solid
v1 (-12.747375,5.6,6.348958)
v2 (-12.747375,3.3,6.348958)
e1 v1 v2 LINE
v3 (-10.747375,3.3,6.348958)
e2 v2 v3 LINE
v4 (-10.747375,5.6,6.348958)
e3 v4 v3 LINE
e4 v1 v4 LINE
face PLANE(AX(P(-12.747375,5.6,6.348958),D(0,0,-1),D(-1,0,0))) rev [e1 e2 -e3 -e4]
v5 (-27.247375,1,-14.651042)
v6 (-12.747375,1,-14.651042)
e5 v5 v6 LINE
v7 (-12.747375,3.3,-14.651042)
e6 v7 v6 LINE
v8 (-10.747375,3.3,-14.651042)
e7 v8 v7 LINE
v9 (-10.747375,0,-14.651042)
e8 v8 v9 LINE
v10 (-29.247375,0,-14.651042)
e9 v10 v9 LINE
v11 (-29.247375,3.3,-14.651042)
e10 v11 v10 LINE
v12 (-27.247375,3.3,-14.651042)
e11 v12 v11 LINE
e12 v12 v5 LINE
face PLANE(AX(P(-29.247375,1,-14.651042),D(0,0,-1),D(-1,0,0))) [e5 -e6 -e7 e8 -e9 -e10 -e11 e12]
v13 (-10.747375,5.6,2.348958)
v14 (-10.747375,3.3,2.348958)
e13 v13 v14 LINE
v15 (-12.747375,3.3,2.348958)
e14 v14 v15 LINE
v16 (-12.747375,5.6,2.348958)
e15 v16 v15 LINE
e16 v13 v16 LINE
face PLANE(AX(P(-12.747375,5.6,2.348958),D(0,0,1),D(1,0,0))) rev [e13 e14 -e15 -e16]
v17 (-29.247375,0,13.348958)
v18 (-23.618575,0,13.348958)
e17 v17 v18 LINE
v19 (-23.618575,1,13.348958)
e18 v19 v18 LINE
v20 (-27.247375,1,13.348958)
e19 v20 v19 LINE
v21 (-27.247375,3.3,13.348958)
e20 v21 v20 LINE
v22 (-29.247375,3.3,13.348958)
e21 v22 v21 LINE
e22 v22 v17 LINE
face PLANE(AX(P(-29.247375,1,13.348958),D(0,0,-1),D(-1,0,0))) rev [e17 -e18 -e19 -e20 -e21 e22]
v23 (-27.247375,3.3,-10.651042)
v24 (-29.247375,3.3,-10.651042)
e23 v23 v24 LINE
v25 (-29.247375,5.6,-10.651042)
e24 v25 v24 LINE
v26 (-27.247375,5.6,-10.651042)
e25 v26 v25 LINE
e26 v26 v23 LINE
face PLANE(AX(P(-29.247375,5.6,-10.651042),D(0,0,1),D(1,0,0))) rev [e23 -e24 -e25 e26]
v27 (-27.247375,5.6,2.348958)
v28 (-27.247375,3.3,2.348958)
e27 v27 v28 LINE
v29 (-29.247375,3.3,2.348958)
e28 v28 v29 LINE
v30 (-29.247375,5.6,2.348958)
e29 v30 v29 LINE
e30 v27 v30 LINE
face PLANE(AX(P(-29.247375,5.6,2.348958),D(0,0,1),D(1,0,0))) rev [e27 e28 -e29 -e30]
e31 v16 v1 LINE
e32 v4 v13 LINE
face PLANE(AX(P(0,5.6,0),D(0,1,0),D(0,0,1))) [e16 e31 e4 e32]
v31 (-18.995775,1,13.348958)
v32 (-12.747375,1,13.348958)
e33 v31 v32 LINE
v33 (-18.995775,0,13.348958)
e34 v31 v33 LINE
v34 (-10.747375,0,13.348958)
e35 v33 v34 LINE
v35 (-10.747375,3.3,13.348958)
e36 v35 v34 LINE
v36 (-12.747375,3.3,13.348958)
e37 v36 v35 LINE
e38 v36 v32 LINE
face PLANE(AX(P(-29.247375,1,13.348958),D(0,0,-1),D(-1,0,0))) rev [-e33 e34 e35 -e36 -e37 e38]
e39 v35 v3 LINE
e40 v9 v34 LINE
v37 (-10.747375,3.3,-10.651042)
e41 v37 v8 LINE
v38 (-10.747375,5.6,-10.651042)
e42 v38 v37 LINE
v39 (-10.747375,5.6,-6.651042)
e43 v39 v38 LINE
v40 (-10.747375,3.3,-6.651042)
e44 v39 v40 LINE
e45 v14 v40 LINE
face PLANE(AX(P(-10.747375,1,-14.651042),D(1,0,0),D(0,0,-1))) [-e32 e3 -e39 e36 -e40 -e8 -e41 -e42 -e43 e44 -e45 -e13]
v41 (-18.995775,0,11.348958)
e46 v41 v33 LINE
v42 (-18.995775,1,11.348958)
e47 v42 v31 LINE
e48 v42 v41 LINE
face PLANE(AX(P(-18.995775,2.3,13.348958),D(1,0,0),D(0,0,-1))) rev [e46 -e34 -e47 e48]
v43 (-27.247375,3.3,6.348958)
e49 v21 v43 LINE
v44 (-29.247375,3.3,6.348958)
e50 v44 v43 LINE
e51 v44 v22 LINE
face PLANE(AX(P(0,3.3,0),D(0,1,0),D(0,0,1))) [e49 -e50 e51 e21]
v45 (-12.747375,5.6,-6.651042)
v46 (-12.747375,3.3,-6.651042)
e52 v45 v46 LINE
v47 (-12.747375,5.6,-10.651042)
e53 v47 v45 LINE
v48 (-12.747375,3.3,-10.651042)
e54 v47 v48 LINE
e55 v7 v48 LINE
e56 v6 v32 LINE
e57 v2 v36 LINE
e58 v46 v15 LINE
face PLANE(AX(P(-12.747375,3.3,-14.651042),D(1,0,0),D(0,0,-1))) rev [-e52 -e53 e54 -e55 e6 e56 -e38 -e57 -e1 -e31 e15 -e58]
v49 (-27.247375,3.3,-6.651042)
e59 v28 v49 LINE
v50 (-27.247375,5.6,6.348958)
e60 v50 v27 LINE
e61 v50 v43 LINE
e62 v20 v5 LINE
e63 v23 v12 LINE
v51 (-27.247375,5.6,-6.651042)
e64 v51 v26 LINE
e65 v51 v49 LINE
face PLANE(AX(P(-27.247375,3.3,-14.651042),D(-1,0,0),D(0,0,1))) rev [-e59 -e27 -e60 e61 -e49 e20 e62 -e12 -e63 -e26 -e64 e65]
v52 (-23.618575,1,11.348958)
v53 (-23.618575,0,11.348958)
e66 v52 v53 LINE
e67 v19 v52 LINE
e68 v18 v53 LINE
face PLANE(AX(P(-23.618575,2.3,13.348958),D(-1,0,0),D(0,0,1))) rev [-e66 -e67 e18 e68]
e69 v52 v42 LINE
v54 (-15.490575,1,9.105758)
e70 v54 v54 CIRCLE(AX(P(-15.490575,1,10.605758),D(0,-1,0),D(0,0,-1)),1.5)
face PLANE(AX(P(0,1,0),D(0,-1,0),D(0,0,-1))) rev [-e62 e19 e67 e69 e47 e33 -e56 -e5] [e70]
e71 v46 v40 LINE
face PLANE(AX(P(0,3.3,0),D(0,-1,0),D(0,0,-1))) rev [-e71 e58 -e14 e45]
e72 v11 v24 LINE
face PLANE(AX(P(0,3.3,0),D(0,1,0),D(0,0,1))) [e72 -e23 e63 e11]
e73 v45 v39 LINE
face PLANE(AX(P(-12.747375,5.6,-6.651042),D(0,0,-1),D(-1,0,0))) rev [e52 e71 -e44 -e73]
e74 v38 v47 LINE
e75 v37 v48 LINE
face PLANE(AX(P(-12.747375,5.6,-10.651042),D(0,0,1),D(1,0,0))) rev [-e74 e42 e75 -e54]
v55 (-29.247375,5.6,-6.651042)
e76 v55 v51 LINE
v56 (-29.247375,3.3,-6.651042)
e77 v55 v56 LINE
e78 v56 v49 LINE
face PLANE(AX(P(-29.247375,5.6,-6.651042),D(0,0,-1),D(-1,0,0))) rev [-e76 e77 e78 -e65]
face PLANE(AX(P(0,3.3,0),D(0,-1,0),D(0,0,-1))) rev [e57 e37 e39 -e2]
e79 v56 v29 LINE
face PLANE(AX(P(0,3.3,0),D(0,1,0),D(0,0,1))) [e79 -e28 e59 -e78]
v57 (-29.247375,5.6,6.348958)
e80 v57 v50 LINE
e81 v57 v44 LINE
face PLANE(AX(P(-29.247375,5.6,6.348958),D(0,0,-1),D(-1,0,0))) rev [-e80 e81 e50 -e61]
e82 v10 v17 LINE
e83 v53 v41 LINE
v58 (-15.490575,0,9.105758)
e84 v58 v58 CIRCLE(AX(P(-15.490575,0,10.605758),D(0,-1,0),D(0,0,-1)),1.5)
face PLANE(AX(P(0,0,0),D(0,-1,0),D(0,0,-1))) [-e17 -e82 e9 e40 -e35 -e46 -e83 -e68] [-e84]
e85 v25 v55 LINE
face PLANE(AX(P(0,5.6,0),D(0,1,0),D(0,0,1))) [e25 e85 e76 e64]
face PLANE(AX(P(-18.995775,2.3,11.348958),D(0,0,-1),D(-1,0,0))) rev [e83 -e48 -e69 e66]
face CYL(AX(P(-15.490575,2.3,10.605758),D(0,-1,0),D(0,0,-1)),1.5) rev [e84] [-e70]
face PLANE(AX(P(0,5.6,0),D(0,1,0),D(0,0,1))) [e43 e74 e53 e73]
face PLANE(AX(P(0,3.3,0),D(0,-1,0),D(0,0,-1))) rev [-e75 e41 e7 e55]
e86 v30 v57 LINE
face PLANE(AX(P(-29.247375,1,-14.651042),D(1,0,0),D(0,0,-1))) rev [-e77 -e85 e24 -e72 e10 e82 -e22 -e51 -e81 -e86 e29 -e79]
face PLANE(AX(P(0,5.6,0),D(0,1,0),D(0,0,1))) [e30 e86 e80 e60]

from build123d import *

# Parameters (mm, degrees)
MAIN_BOARD_OUTLINE_W = 18.5
MAIN_BOARD_OUTLINE_H = 28
SIDE1_DEPTH          = 1
SKETCH2_W            = 2
SKETCH2_H            = 28
WALLS_DEPTH          = 2.3
SKETCH3_R            = 1.5
SCREW_HOLE_DEPTH     = 2.3
SKETCH4_W            = 4.6228
SKETCH4_H            = 2
CUT_EXTRUDE2_DEPTH   = 2.3
SKETCH5_W            = 2
SKETCH5_H            = 4
BOSS_EXTRUDE3_DEPTH  = 2.3


with BuildPart() as part:
    # main board outline → side1 (new body)
    with BuildSketch(Plane(origin=(0, 0, 0), x_dir=(1, 0, 0), z_dir=(0, 1, 0))):
        with Locations((-19.997374583, 0.651042113)):
            Rectangle(MAIN_BOARD_OUTLINE_W, MAIN_BOARD_OUTLINE_H)
    extrude(amount=SIDE1_DEPTH)

    # Sketch2 → walls (add)
    with BuildSketch(Plane(origin=(0, 1, 0), x_dir=(1, 0, 0), z_dir=(0, 1, 0))):
        with Locations((-28.247374583, 0.651042113)):
            Rectangle(SKETCH2_W, SKETCH2_H)
        with Locations((-11.747374583, 0.651042113)):
            Rectangle(SKETCH2_W, SKETCH2_H)
    extrude(amount=WALLS_DEPTH)

    # Sketch3 → screw hole (cut)
    with BuildSketch(Plane(origin=(0, 0, 0), x_dir=(-1, 0, 0), z_dir=(0, -1, 0))):
        with Locations((15.490574583, -10.605757887)):
            Circle(SKETCH3_R)
    extrude(amount=-SCREW_HOLE_DEPTH, mode=Mode.SUBTRACT)

    # Sketch4 → Cut-Extrude2 (cut)
    with BuildSketch(Plane(origin=(0, 0, 0), x_dir=(-1, 0, 0), z_dir=(0, -1, 0))):
        with Locations((21.307174583, -12.348957887)):
            Rectangle(SKETCH4_W, SKETCH4_H)
    extrude(amount=-CUT_EXTRUDE2_DEPTH, mode=Mode.SUBTRACT)

    # Sketch5 → Boss-Extrude3 (add)
    with BuildSketch(Plane(origin=(0, 3.3, 0), x_dir=(1, 0, 0), z_dir=(0, 1, 0))):
        with Locations((-28.247374583, 8.651042113)):
            Rectangle(SKETCH5_W, SKETCH5_H)
        with Locations((-28.247374583, -4.348957887)):
            Rectangle(SKETCH5_W, SKETCH5_H)
        with Locations((-11.747374583, 8.651042113)):
            Rectangle(SKETCH5_W, SKETCH5_H)
        with Locations((-11.747374583, -4.348957887)):
            Rectangle(SKETCH5_W, SKETCH5_H)
    extrude(amount=BOSS_EXTRUDE3_DEPTH)


solid = part.part
